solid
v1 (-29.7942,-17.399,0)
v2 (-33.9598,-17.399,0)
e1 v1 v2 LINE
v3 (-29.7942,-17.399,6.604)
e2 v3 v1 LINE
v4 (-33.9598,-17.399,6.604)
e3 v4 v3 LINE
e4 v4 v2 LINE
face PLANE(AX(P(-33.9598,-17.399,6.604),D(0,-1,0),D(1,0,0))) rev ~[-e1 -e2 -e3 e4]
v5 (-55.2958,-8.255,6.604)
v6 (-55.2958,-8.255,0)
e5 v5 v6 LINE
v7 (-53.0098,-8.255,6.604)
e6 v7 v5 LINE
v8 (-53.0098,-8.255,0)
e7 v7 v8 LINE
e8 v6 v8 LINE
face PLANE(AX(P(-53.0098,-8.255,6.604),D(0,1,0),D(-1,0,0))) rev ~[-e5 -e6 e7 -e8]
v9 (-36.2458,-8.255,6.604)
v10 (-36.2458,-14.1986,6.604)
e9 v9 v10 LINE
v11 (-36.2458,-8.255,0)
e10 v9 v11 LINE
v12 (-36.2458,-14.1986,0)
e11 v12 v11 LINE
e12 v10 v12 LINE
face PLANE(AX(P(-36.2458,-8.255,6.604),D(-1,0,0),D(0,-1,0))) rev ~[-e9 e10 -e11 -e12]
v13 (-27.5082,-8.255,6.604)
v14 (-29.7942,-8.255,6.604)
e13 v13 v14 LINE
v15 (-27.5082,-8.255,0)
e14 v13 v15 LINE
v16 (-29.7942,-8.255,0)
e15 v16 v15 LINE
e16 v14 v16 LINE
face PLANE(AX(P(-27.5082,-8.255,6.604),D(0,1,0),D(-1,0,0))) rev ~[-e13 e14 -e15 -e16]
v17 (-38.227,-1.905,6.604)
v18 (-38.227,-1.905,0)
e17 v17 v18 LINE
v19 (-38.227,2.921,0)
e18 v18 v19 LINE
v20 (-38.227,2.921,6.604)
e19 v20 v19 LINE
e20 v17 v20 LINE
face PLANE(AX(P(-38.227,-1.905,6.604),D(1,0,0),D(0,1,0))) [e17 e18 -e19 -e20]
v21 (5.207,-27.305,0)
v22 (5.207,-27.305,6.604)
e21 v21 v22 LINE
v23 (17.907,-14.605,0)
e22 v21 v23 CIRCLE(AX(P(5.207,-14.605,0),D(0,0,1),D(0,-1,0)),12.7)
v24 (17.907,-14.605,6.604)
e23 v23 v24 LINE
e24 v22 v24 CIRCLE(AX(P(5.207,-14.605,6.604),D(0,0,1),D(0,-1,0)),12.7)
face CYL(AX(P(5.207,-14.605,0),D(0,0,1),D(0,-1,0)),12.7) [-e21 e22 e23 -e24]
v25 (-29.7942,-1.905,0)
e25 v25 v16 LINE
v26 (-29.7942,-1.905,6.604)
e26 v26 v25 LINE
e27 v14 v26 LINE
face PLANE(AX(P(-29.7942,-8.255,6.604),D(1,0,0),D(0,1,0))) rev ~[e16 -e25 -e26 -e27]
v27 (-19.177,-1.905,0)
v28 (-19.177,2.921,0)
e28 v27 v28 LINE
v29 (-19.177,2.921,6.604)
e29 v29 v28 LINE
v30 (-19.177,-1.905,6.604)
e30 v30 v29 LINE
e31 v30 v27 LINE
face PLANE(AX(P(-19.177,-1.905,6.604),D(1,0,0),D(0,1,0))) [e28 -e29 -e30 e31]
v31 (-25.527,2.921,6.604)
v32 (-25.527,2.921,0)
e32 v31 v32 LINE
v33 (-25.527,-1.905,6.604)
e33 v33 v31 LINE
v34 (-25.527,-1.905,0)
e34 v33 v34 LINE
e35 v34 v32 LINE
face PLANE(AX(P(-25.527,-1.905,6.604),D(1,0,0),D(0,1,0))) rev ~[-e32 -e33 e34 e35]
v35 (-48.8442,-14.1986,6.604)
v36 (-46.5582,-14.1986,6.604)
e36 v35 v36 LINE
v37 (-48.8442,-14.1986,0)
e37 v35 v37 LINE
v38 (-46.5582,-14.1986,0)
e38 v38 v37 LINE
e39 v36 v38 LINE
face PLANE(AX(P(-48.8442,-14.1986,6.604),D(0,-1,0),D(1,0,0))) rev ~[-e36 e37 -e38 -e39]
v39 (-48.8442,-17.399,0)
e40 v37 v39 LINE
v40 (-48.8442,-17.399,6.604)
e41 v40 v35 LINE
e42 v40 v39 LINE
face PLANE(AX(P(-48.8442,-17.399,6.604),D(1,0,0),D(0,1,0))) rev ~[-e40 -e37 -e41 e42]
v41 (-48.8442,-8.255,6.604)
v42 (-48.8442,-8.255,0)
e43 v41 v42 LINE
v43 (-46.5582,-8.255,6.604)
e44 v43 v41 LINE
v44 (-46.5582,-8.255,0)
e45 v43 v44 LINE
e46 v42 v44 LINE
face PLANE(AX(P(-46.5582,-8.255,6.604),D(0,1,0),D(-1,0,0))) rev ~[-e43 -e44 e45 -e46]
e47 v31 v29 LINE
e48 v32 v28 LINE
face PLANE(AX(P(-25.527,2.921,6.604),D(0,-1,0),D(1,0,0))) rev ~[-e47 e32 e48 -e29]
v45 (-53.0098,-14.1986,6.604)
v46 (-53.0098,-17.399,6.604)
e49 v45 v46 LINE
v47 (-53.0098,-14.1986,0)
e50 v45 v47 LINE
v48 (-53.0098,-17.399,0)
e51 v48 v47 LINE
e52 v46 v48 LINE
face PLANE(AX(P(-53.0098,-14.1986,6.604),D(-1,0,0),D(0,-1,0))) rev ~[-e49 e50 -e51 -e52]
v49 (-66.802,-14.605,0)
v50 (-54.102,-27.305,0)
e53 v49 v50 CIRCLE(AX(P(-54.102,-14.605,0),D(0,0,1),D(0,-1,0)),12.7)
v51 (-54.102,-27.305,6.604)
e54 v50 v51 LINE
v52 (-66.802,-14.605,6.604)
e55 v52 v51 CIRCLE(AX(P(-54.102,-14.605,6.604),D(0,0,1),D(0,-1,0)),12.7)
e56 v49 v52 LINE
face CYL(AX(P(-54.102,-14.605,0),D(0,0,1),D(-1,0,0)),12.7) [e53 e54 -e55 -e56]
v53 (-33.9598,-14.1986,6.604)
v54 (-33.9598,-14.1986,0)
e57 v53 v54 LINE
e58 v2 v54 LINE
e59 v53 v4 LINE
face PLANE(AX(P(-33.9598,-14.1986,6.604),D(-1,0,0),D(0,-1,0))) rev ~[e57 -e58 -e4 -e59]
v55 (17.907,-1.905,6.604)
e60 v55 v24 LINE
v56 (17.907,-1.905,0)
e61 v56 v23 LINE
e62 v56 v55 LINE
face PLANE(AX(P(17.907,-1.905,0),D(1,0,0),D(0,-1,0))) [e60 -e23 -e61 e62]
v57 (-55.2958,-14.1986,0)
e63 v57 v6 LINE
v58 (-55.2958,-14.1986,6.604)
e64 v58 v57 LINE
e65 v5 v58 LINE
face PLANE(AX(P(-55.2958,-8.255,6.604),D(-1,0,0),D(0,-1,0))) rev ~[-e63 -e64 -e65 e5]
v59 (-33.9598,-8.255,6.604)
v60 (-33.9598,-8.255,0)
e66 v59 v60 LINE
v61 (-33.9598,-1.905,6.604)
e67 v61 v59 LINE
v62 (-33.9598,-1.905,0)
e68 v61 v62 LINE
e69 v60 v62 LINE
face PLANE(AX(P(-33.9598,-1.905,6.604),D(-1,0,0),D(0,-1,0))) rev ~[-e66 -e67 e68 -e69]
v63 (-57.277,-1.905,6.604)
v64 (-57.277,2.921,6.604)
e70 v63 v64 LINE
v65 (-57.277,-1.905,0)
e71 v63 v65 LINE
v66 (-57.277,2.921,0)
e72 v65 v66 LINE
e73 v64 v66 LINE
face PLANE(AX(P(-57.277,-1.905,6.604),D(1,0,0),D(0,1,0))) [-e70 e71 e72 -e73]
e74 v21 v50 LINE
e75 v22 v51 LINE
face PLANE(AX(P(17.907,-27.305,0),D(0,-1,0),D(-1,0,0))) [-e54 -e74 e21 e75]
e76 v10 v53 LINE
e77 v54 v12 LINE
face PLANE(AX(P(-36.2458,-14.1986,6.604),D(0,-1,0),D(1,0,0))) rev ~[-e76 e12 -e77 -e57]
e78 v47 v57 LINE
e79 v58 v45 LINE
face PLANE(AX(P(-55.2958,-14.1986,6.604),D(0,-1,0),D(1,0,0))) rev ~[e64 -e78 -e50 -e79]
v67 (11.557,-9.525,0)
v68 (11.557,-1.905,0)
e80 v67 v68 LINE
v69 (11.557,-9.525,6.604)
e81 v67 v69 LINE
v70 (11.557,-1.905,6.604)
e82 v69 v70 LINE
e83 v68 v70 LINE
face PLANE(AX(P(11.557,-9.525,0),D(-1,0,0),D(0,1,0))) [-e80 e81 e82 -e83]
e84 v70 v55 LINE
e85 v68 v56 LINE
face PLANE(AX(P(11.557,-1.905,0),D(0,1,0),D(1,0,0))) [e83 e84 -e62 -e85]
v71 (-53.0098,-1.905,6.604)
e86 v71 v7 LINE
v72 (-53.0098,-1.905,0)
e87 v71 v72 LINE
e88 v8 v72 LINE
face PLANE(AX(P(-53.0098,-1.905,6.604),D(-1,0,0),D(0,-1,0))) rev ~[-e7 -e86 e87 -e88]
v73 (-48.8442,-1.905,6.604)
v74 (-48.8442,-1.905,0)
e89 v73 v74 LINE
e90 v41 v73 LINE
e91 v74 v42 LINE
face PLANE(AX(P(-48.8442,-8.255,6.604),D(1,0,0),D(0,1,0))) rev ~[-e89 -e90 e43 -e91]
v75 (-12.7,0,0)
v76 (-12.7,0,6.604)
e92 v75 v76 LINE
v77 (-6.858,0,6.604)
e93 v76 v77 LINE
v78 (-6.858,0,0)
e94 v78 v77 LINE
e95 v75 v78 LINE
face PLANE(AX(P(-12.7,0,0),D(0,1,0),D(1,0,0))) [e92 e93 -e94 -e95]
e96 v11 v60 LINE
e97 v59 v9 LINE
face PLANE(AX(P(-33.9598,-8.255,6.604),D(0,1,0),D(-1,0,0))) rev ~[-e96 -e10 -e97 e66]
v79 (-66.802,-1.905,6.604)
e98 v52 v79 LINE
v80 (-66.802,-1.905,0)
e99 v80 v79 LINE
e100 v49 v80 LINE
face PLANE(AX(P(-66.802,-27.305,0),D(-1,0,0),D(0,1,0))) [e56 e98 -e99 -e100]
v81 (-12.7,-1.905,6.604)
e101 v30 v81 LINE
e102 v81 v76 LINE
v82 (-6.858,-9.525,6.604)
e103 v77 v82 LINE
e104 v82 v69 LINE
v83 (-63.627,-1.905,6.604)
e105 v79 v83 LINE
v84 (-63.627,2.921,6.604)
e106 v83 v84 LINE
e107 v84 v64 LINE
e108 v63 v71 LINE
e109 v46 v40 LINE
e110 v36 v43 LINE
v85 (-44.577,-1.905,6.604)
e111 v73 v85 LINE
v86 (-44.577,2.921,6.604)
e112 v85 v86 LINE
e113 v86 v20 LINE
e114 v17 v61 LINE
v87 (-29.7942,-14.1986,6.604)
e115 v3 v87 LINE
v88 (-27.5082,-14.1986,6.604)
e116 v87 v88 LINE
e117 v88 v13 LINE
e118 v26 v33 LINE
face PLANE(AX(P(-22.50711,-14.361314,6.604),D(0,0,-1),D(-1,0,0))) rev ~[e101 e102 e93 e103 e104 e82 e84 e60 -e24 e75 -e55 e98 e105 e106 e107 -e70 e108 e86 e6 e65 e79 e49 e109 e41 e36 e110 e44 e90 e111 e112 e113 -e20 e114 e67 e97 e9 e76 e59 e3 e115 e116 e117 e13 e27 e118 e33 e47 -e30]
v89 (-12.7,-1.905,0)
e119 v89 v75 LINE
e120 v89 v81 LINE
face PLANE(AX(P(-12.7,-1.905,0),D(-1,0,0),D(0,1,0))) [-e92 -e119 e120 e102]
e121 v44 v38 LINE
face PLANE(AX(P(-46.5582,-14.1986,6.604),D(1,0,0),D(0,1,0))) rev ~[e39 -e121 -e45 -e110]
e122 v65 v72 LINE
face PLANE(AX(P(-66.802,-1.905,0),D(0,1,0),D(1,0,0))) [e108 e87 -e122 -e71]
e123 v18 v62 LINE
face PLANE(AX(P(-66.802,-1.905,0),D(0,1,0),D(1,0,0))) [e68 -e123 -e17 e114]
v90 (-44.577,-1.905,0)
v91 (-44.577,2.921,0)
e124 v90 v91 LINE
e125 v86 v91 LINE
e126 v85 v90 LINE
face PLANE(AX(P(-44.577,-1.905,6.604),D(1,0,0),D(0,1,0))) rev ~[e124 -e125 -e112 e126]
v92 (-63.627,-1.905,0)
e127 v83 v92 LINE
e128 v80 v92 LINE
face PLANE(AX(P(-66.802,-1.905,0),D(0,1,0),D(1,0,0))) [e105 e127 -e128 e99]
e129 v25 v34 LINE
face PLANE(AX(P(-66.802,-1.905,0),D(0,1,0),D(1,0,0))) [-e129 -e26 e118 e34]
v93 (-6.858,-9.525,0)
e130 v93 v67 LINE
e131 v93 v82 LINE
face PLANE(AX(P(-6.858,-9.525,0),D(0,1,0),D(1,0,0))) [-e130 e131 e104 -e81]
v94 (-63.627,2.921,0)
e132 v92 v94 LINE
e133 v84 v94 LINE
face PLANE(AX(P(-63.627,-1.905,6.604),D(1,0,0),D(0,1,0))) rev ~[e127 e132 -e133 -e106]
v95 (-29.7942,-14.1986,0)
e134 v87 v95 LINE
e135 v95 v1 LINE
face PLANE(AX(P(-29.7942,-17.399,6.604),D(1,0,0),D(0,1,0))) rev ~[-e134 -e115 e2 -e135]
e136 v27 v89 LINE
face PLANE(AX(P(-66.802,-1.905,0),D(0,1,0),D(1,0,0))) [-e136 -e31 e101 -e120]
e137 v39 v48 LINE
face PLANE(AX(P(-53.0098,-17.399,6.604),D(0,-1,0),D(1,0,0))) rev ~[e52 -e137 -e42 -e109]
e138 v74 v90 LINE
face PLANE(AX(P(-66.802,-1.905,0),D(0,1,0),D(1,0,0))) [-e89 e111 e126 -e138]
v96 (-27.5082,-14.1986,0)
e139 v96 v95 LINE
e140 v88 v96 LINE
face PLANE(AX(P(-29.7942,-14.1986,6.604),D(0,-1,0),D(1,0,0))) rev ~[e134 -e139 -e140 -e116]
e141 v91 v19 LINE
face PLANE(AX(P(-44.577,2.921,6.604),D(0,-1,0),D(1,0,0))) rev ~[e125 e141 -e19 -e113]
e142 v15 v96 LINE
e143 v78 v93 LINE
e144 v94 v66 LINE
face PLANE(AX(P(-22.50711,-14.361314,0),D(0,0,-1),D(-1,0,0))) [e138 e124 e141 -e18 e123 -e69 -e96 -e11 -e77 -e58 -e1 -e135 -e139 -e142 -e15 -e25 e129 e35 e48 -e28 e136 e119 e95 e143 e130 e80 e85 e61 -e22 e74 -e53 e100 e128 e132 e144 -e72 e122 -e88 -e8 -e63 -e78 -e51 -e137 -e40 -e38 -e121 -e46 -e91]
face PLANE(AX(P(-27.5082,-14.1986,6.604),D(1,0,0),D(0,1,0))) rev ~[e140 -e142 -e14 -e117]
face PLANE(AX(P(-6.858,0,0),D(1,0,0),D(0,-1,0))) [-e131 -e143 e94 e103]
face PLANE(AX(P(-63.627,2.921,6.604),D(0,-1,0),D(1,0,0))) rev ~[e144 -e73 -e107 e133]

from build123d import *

# Parameters (mm, degrees)
BOSS_EXTRUDE1_DEPTH = 6.604
CUT_EXTRUDE1_DEPTH  = 7.604
SKETCH3_W           = 6.35
SKETCH3_H           = 4.826
BOSS_EXTRUDE2_DEPTH = 6.604
FILLET1_R           = 12.7


with BuildPart() as part:
    # Sketch1 → Boss-Extrude1 (new body)
    with BuildSketch(Plane.XY):
        Polygon((-6.858, 0), (-6.858, -9.525), (11.557, -9.525), (11.557, -1.905), (17.907, -1.905), (17.907, -27.305), (-66.802, -27.305), (-66.802, -1.905), (-12.7, -1.905), (-12.7, 0), align=None)
    extrude(amount=BOSS_EXTRUDE1_DEPTH)

    # Sketch2 → Cut-Extrude1 (cut, through all)
    with BuildSketch(Plane.XY.offset(6.604)):
        Polygon((-53.0098, -1.905), (-53.0098, -8.255), (-55.2958, -8.255), (-55.2958, -14.1986), (-53.0098, -14.1986), (-53.0098, -17.399), (-48.8442, -17.399), (-48.8442, -14.1986), (-46.5582, -14.1986), (-46.5582, -8.255), (-48.8442, -8.255), (-48.8442, -1.905), align=None)
        Polygon((-33.9598, -1.905), (-33.9598, -8.255), (-36.2458, -8.255), (-36.2458, -14.1986), (-33.9598, -14.1986), (-33.9598, -17.399), (-29.7942, -17.399), (-29.7942, -14.1986), (-27.5082, -14.1986), (-27.5082, -8.255), (-29.7942, -8.255), (-29.7942, -1.905), align=None)
    extrude(amount=-CUT_EXTRUDE1_DEPTH, mode=Mode.SUBTRACT)

    # Sketch3 → Boss-Extrude2 (add)
    with BuildSketch(Plane.XY.offset(6.604)):
        with Locations((-60.452, 0.508)):
            Rectangle(SKETCH3_W, SKETCH3_H)
        with Locations((-41.402, 0.508)):
            Rectangle(SKETCH3_W, SKETCH3_H)
        with Locations((-22.352, 0.508)):
            Rectangle(SKETCH3_W, SKETCH3_H)
    extrude(amount=-BOSS_EXTRUDE2_DEPTH)

    # Fillet1
    fillet1_edges = [part.edges().sort_by_distance(p)[0] for p in [
        (17.907, -27.305, 3.302),
        (-66.802, -27.305, 3.302),
    ]]
    fillet(fillet1_edges, radius=FILLET1_R)


solid = part.part
